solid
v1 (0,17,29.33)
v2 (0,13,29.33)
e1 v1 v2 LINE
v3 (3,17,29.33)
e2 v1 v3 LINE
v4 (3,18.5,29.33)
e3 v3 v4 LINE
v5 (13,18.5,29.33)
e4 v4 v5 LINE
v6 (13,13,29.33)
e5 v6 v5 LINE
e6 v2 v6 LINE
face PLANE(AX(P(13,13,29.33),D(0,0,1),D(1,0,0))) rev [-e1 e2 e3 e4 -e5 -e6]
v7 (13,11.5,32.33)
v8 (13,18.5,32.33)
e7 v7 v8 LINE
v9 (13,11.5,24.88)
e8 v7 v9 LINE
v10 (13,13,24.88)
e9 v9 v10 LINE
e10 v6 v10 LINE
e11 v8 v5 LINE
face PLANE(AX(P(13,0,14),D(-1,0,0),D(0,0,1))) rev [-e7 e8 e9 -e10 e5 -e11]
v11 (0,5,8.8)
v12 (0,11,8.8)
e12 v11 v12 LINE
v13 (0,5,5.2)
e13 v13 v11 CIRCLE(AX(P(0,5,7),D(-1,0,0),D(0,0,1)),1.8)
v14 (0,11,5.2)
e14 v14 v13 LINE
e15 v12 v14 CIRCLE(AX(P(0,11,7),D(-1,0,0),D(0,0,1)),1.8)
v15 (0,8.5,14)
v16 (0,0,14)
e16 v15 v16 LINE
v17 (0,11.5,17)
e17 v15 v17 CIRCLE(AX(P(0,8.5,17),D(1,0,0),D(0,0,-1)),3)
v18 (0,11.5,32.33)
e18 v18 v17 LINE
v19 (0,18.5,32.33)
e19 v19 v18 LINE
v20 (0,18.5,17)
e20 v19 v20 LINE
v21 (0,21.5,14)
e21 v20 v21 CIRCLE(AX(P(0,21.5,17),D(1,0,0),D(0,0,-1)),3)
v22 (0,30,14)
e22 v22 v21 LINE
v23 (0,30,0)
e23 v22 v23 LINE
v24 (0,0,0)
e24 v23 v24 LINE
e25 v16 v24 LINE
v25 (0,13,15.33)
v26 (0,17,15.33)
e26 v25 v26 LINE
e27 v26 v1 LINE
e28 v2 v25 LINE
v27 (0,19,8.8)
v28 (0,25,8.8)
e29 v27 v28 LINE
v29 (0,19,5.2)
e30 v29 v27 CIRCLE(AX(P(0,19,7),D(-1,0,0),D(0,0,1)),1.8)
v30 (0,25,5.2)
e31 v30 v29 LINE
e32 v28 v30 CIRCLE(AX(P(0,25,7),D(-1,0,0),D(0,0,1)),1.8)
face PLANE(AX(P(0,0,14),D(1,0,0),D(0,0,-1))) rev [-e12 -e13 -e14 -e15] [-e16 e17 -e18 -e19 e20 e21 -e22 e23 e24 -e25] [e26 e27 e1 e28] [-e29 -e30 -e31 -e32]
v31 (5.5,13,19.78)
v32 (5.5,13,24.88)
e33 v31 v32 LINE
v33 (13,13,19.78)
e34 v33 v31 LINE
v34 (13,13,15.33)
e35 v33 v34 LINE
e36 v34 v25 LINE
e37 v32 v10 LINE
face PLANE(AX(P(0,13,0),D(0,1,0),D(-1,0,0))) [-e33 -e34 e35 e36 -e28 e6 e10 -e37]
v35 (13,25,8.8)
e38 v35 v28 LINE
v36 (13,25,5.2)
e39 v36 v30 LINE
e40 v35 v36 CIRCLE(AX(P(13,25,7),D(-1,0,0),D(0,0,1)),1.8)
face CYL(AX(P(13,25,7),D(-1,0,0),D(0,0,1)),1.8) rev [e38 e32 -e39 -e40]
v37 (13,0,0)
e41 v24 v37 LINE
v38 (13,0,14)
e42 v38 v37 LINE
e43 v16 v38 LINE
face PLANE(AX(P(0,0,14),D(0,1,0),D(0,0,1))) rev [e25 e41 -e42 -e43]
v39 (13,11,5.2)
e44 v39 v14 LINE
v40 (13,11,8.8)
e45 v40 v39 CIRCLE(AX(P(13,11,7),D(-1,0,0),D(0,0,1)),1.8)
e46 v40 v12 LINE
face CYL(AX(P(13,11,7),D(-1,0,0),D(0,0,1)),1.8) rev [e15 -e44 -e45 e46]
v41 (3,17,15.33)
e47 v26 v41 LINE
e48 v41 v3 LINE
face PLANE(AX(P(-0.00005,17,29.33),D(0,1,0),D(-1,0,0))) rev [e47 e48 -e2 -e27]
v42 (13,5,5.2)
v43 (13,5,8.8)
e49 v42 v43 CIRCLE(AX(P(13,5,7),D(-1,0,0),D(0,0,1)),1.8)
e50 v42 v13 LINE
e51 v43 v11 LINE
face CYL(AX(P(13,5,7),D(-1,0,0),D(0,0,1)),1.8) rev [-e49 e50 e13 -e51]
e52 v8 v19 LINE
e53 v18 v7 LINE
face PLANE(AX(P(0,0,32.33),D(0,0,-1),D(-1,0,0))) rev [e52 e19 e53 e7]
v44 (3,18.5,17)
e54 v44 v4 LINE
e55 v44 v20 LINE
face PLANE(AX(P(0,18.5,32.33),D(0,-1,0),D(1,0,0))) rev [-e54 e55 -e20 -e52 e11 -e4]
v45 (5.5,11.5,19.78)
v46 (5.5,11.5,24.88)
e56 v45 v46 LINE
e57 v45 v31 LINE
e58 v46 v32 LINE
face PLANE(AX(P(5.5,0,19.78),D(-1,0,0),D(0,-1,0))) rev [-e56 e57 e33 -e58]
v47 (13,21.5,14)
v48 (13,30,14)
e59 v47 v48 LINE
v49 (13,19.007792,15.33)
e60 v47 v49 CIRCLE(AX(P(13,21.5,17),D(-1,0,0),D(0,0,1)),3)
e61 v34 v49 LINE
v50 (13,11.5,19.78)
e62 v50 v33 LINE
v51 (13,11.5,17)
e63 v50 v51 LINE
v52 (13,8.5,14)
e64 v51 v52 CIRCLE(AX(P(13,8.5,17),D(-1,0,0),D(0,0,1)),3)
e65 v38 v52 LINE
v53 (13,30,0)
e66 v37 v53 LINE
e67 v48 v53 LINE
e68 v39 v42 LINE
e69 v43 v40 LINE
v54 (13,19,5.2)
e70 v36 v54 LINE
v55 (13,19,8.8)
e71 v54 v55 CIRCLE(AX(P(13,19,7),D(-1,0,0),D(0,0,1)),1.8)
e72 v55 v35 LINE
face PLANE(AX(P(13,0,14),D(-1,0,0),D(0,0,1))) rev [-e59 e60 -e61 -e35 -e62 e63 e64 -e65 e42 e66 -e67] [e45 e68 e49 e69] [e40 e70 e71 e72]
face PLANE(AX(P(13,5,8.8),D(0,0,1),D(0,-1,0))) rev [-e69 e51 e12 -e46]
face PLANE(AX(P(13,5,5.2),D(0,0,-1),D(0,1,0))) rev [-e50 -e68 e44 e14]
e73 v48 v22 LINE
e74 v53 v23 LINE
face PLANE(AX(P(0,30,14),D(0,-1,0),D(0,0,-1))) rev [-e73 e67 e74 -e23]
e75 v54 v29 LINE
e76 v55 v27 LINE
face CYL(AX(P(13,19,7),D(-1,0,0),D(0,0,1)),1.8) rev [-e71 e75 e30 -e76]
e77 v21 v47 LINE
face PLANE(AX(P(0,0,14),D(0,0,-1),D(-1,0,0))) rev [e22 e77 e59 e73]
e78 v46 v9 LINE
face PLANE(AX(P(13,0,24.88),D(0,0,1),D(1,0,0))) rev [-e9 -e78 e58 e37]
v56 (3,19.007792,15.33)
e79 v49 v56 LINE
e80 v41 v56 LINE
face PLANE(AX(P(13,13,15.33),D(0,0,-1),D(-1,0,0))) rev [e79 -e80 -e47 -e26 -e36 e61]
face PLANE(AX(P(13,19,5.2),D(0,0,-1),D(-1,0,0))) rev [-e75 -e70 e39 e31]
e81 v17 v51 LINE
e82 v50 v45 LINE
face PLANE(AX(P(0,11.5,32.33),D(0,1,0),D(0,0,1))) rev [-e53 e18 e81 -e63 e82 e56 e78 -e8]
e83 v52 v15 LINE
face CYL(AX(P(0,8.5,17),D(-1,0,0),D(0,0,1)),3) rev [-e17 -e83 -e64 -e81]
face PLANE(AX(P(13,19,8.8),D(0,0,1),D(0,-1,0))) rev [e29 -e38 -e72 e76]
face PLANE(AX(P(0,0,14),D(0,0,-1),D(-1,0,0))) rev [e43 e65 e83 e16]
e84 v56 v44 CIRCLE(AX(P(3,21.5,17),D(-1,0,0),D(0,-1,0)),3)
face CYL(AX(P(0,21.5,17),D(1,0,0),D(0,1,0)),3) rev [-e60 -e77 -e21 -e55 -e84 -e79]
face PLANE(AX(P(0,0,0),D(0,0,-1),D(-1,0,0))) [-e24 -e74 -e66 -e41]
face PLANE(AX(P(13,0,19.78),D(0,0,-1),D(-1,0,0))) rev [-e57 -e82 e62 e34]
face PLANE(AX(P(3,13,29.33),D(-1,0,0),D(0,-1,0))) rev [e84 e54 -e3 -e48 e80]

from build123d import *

# Parameters (mm, degrees)
SKETCH1_W           = 13
SKETCH1_H           = 30
BOSS_EXTRUDE1_DEPTH = 14
SKETCH2_W           = 13
SKETCH2_H           = 7
BOSS_EXTRUDE2_DEPTH = 18.33
SKETCH3_W           = 10
SKETCH3_H           = 14
CUT_EXTRUDE1_DEPTH  = 5.5
SKETCH4_W           = 14
SKETCH4_H           = 4
CUT_EXTRUDE2_DEPTH  = 46.224207014
FILLET1_R           = 3
CUT_EXTRUDE3_DEPTH  = 46.980744883
SKETCH6_W           = 7.5
SKETCH6_H           = 5.1
CUT_EXTRUDE4_DEPTH  = 39.771495973


with BuildPart() as part:
    # Sketch1 → Boss-Extrude1 (new body)
    with BuildSketch(Plane.XY):
        with Locations((6.5, 15)):
            Rectangle(SKETCH1_W, SKETCH1_H)
    extrude(amount=BOSS_EXTRUDE1_DEPTH)

    # Sketch2 → Boss-Extrude2 (add)
    with BuildSketch(Plane.XY.offset(14)):
        with Locations((6.5, 15)):
            Rectangle(SKETCH2_W, SKETCH2_H)
    extrude(amount=BOSS_EXTRUDE2_DEPTH)

    # Sketch3 → Cut-Extrude1 (cut)
    with BuildSketch(Plane(origin=(0, 18.5, 0), x_dir=(1, 0, 0), z_dir=(0, 1, 0))):
        with Locations((8, -22.33)):
            Rectangle(SKETCH3_W, SKETCH3_H)
    extrude(amount=-CUT_EXTRUDE1_DEPTH, mode=Mode.SUBTRACT)

    # Sketch4 → Cut-Extrude2 (cut, through all)
    with BuildSketch(Plane(origin=(3, 0, 0), x_dir=(0, 0, -1), z_dir=(1, 0, 0))):
        with Locations((-22.33, 15)):
            Rectangle(SKETCH4_W, SKETCH4_H)
    extrude(amount=-CUT_EXTRUDE2_DEPTH, mode=Mode.SUBTRACT)

    # Fillet1
    fillet1_edges = [part.edges().sort_by_distance(p)[0] for p in [
        (6.5, 11.5, 14),
        (6.5, 18.5, 14),
    ]]
    fillet(fillet1_edges, radius=FILLET1_R)

    # Sketch5 → Cut-Extrude3 (cut, through all)
    with BuildSketch(Plane.ZY):
        with BuildLine():
            Line((5.2, 5), (5.2, 11))
            ThreePointArc((5.2, 11), (7, 12.8), (8.8, 11))
            Line((8.8, 11), (8.8, 5))
            ThreePointArc((8.8, 5), (7, 3.2), (5.2, 5))
        make_face()
        with BuildLine():
            Line((5.2, 19), (5.2, 25))
            ThreePointArc((5.2, 25), (7, 26.8), (8.8, 25))
            Line((8.8, 25), (8.8, 19))
            ThreePointArc((8.8, 19), (7, 17.2), (5.2, 19))
        make_face()
    extrude(amount=-CUT_EXTRUDE3_DEPTH, mode=Mode.SUBTRACT)

    # Sketch6 → Cut-Extrude4 (cut, through all)
    with BuildSketch(Plane(origin=(0, 13, 0), x_dir=(1, 0, 0), z_dir=(0, 1, 0))):
        with Locations((9.25, -22.33)):
            Rectangle(SKETCH6_W, SKETCH6_H)
    extrude(amount=-CUT_EXTRUDE4_DEPTH, mode=Mode.SUBTRACT)


solid = part.part
